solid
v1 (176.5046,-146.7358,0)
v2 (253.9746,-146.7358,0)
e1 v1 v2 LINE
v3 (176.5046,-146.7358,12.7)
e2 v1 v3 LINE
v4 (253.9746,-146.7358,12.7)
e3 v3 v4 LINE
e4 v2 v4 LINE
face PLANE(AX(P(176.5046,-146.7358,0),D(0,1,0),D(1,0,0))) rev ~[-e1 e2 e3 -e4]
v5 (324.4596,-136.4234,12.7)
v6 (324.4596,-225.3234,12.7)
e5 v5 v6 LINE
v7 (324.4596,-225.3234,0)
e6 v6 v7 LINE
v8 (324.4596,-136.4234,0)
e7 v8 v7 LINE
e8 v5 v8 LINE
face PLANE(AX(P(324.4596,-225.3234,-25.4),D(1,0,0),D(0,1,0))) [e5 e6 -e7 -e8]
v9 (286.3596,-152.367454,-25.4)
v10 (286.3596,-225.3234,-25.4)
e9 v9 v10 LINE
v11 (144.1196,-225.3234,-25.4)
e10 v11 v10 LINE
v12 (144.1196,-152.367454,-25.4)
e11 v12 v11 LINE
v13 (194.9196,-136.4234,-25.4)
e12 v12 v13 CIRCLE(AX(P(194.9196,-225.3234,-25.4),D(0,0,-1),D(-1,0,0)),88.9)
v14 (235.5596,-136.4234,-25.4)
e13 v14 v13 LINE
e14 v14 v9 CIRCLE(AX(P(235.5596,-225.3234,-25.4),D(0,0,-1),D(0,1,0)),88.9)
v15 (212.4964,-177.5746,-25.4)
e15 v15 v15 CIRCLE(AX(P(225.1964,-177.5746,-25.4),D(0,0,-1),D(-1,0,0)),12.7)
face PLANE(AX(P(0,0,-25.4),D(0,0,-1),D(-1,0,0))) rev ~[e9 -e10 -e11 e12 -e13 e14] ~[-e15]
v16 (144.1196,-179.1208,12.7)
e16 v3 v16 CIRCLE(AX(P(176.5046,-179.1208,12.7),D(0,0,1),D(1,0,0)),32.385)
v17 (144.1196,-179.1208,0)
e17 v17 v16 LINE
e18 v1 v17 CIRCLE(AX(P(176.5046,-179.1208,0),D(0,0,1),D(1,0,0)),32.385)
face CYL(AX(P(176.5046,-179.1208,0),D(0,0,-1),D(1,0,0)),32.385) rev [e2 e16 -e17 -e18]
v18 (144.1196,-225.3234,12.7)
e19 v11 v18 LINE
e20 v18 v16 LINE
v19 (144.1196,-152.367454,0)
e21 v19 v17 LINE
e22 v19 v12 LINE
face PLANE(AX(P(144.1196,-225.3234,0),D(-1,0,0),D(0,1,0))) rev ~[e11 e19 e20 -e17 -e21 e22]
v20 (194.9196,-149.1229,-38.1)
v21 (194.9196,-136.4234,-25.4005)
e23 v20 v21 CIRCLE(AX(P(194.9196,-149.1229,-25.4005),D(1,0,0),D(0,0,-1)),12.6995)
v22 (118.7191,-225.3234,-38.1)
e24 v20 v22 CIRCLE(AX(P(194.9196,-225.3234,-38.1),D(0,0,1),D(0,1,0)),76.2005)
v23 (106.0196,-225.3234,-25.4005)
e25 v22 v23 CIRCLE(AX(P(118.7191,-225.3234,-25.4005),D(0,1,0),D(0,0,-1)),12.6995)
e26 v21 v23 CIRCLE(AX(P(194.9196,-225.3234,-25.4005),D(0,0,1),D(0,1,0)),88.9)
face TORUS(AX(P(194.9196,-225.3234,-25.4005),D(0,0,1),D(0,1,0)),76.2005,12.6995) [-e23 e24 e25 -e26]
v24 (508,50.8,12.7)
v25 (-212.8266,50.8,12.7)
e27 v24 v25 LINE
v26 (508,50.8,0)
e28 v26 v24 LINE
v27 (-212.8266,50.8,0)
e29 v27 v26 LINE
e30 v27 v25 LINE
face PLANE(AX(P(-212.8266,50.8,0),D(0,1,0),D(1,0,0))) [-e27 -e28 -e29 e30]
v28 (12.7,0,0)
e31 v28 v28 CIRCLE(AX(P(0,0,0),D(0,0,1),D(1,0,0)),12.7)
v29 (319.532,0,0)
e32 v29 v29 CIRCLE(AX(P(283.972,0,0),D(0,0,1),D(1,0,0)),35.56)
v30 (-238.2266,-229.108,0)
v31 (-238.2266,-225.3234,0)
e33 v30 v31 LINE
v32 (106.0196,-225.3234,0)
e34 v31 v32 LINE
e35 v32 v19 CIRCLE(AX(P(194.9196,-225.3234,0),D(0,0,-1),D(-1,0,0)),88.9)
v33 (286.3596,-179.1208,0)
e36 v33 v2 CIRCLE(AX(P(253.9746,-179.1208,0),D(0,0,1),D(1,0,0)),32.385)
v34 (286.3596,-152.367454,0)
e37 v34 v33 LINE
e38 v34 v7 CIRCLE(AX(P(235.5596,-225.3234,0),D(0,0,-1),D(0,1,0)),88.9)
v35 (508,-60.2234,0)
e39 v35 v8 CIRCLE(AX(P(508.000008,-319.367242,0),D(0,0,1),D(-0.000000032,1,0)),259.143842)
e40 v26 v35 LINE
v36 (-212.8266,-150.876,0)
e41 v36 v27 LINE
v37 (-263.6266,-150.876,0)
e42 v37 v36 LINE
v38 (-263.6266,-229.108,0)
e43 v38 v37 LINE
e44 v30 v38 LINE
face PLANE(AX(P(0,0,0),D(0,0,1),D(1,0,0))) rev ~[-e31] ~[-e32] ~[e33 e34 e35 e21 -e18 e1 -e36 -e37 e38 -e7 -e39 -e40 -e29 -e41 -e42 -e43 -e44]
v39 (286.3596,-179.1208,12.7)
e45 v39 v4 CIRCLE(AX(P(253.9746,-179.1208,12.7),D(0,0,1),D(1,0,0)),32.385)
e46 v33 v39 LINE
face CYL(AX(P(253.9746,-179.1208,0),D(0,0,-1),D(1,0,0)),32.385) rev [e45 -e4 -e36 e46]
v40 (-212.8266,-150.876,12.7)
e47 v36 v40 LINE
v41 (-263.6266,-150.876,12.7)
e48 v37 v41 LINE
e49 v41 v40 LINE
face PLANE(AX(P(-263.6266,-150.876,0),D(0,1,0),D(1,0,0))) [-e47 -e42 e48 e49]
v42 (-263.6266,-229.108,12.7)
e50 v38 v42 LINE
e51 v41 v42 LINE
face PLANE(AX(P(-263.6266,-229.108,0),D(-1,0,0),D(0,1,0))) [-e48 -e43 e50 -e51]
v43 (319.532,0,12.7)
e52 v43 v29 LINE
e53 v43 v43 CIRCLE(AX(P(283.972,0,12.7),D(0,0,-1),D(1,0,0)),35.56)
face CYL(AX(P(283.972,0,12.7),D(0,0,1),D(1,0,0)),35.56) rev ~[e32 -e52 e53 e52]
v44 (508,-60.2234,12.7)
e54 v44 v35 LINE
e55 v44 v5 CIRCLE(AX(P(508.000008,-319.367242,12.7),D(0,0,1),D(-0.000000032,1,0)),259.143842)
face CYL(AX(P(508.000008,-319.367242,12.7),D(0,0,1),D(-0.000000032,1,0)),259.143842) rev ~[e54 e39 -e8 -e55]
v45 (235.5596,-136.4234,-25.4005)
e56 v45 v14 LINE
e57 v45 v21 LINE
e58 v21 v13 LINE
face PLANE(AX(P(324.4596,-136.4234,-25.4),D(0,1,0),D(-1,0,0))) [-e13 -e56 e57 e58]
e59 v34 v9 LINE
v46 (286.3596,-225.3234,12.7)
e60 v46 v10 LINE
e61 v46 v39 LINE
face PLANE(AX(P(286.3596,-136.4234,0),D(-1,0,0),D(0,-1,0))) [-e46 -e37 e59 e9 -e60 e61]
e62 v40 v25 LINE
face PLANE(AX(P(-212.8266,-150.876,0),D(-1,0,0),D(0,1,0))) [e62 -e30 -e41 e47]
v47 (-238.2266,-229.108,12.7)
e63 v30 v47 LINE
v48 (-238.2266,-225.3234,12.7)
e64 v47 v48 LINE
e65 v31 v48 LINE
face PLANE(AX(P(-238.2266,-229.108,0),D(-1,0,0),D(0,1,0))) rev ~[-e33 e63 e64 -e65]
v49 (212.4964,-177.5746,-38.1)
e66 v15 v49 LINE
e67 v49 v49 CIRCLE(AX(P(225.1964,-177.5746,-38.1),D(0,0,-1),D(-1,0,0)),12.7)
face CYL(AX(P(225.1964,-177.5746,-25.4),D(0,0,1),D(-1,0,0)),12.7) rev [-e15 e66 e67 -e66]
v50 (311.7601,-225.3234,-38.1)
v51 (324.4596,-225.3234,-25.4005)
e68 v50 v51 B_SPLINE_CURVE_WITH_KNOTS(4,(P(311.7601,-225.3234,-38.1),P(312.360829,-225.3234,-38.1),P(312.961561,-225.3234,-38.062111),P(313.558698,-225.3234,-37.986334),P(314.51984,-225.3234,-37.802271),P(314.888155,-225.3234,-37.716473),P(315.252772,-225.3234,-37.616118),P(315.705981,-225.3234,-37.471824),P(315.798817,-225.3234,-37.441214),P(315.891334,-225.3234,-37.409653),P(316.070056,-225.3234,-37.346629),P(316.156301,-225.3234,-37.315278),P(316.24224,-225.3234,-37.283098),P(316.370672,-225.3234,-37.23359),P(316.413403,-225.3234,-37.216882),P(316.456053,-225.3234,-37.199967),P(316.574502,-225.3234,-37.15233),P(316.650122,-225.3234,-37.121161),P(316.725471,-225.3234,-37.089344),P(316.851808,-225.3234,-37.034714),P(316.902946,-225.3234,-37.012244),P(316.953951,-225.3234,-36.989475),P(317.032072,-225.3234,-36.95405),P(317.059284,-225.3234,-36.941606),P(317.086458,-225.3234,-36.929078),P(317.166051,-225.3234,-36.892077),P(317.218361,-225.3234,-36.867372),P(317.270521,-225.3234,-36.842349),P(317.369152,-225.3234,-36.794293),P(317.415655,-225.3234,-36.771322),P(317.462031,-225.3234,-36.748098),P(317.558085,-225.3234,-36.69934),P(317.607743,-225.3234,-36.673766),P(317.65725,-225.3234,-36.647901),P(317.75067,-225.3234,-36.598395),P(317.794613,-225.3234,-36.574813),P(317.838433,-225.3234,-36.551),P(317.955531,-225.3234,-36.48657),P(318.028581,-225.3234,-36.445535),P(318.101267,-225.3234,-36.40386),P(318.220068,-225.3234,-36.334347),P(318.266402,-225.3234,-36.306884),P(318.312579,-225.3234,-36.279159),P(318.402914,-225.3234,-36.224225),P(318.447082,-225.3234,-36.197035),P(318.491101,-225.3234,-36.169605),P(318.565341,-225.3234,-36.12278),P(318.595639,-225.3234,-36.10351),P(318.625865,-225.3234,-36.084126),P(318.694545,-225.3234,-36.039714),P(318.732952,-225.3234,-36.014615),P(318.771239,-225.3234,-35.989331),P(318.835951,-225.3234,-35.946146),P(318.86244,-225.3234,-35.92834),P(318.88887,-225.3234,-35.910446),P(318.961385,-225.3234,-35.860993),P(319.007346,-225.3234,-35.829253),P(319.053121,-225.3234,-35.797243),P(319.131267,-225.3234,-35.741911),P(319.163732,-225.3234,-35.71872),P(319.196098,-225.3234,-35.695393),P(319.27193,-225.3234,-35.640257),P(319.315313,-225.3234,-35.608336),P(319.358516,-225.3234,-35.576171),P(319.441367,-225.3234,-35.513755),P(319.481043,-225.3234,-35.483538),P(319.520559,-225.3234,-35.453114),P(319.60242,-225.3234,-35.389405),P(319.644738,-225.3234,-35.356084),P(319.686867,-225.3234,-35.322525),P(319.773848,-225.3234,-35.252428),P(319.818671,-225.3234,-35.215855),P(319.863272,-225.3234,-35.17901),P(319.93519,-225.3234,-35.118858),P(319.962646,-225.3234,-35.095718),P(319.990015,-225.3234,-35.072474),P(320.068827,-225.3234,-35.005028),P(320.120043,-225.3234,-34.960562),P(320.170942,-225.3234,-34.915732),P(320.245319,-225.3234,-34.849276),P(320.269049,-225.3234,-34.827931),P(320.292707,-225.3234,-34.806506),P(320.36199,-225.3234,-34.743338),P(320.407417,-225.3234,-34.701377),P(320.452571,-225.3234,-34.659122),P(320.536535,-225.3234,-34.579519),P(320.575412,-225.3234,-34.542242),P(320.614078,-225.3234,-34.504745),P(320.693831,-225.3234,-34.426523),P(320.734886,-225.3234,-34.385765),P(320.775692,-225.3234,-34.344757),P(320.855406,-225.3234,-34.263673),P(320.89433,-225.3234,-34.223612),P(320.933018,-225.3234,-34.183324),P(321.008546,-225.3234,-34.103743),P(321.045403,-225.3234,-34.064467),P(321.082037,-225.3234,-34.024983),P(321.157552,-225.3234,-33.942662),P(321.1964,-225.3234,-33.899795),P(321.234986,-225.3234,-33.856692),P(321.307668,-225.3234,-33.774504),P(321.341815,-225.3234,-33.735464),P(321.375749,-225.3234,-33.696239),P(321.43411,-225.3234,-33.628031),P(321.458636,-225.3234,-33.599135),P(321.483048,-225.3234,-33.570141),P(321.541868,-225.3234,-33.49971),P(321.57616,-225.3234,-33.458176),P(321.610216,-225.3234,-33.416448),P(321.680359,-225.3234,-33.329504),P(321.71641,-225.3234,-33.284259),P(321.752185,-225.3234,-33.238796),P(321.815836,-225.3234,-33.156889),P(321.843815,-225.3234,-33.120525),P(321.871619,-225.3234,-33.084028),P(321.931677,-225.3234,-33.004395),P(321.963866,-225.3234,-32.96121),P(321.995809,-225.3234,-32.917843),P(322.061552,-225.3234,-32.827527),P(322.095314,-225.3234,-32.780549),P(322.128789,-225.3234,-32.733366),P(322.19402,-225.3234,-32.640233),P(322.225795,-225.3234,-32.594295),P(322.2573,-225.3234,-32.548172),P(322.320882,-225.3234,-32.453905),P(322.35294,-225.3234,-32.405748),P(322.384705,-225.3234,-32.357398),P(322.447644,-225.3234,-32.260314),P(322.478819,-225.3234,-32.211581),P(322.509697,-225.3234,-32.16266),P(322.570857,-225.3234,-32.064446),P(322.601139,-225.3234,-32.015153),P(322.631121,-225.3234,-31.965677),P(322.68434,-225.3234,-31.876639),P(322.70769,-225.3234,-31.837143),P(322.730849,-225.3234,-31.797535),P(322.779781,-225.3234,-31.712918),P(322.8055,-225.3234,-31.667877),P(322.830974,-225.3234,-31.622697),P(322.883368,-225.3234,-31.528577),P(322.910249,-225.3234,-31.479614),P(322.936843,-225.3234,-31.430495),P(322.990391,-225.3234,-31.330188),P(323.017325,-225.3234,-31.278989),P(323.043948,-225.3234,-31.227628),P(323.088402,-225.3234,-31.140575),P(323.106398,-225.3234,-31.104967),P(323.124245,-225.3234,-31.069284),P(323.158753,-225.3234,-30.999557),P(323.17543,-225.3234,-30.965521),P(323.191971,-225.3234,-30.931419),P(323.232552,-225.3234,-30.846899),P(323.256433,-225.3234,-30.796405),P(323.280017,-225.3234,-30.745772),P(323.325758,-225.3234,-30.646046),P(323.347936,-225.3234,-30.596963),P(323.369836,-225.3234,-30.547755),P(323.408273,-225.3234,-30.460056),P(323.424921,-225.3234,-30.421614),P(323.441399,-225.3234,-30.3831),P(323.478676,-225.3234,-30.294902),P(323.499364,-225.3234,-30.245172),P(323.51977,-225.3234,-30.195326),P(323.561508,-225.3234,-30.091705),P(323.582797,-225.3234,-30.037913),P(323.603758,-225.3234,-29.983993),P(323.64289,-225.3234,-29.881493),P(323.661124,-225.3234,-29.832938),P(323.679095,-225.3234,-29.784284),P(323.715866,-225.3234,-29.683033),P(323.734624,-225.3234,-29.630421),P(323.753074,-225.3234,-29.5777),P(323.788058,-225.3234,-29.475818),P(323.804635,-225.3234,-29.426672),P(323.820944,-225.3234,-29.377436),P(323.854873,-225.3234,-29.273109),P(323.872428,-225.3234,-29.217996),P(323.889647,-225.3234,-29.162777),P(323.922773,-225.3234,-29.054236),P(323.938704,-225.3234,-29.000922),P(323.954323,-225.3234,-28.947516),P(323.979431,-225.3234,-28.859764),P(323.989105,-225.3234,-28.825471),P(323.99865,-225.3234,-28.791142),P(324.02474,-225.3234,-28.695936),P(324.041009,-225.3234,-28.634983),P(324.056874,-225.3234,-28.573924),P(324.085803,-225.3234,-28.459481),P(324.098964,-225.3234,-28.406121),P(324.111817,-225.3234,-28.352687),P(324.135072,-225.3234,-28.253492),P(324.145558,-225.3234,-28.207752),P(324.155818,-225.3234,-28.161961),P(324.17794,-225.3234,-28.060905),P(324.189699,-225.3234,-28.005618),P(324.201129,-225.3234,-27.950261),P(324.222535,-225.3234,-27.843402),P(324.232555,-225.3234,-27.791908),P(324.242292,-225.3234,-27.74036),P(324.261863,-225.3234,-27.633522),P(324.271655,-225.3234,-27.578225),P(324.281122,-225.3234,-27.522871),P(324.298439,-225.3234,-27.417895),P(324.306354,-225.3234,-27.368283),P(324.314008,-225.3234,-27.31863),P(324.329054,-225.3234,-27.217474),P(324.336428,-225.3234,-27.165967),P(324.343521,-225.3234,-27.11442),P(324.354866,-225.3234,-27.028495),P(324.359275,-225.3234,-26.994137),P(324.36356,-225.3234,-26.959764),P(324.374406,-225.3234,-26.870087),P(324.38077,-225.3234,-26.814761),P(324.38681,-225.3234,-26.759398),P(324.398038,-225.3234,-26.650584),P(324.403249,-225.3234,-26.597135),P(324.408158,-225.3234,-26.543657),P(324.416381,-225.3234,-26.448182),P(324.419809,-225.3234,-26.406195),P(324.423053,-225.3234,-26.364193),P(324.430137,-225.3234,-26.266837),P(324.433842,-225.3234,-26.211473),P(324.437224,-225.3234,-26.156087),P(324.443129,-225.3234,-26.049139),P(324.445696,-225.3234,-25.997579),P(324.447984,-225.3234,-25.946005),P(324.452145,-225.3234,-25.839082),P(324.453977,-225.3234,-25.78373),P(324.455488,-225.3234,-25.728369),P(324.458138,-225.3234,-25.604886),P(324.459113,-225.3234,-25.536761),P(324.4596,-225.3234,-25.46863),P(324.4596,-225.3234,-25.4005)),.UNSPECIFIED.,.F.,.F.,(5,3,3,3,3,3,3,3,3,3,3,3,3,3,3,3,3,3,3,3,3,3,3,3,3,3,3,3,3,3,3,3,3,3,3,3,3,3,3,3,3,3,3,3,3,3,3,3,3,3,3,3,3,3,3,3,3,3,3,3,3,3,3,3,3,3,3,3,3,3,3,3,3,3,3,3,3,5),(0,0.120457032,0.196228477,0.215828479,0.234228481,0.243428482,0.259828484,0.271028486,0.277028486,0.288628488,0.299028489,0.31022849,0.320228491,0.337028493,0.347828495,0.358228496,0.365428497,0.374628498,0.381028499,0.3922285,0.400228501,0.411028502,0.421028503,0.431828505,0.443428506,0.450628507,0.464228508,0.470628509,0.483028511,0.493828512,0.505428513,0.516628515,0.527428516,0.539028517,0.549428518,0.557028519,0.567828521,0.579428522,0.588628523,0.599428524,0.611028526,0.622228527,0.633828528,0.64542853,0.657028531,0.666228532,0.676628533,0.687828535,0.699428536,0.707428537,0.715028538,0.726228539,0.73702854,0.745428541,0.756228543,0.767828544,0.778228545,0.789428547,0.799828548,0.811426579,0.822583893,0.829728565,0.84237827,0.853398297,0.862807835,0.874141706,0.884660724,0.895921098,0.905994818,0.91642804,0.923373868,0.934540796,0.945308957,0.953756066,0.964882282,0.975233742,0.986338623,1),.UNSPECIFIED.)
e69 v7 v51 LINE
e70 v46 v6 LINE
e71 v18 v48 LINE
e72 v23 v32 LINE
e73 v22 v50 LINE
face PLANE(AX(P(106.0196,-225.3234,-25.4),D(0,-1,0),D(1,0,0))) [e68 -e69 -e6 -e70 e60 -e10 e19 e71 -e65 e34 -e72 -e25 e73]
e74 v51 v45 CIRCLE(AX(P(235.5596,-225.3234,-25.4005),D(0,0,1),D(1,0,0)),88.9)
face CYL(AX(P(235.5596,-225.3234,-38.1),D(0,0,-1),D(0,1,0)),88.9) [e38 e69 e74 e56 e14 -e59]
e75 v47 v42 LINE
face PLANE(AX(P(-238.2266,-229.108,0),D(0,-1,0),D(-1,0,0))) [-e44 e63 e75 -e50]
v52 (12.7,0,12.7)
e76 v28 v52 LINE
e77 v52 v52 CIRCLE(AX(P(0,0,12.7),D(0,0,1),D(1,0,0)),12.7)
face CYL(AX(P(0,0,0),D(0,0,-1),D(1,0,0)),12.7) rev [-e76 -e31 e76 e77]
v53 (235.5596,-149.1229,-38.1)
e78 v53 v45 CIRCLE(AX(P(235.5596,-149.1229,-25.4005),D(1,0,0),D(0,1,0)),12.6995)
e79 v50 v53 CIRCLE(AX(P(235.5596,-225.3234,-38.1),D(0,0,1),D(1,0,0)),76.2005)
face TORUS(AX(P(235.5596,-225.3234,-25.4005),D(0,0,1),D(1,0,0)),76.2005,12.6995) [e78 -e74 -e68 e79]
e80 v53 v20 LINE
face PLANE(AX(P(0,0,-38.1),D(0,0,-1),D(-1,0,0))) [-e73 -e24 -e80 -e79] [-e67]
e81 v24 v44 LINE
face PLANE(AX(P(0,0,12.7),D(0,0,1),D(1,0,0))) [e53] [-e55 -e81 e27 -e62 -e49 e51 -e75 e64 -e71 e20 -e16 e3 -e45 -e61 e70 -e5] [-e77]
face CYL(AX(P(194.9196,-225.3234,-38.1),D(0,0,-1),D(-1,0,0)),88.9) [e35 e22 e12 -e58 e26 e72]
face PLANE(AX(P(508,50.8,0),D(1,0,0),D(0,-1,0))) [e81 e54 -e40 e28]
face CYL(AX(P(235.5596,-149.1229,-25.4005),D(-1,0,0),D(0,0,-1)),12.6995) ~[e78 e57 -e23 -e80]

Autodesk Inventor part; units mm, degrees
ref_plane "YZ Plane" through (0, 0, 0) normal (1, 0, 0) x (0, 1, 0)
ref_plane "XZ Plane" through (0, 0, 0) normal (0, 1, 0) x (-1, 0, 0)
ref_plane "XY Plane" through (0, 0, 0) normal (0, 0, 1) x (1, 0, 0)
sketch "Sketch1" plane through (0, 0, 0) normal (0, 0, 1) x (1, 0, 0)
  circle A0 centre (0, 0) radius 12.7
  arc A1 (50.8, 0) -> (-50.8, 0) centre (0, 0) ccw
  line L0 (-50.8, 0) -> (-50.8, -225.3234)
  line L1 (-50.8, -225.3234) -> (50.8, -225.3234)
  line L2 (50.8, -225.3234) -> (50.8, 0)
  circle A2 centre (176.5046, -179.1208) radius 32.385
  circle A3 centre (253.9746, -179.1208) radius 32.385
  line L3 (144.1196, -225.3234) -> (144.1196, -179.1208)
  line L4 (286.3596, -225.3234) -> (286.3596, -179.1208)
  line L5 (176.5046, -146.7358) -> (253.9746, -146.7358)
  line L6 (50.8, -225.3234) -> (144.1196, -225.3234)
  line L7 (286.3596, -225.3234) -> (508, -225.3234)
  line L8 (-50.8, -225.3234) -> (-238.2266, -225.3234)
  line L9 (-263.6266, -225.3234) -> (-263.6266, -150.876)
  line L10 (-263.6266, -150.876) -> (-212.8266, -150.876)
  line L11 (-212.8266, -150.876) -> (-212.8266, 50.8)
  line L12 (-212.8266, 50.8) -> (508, 50.8)
  line L13 (508, 50.8) -> (508, -225.3234)
  line L14 (-238.2266, -229.108) -> (-238.2266, -225.3234)
  line L15 (-238.2266, -229.108) -> (-263.6266, -229.108)
  line L16 (-263.6266, -229.108) -> (-263.6266, -225.3234)
  dimension "d0" = 176.5046
  dimension "d1" = 179.1208
  dimension "d2" = 64.77
  dimension "d3" = 64.77
  dimension "d4" = 77.47
  dimension "d5" = 212.8266
  dimension "d6" = 50.8
  dimension "d7" = 150.876
  dimension "d8" = 508
  dimension "d9" = 229.108
extrude "Extrusion1" add sketch "Sketch1" along normal blind 12.7 contours L2 L1 L0 A1 | A1 L12 L13 L7 L4 A3 L5 A2 L3 L6 L2 | A1 L0 L8 L14 L15 L16 L9 L10 L11 L12
sketch "Sketch2" plane through (0, 0, 0) normal (0, 0, -1) x (-1, 0, 0)
  line L0 (-286.3596, -225.3234) -> (-324.4596, -225.3234)
  line L1 (-324.4596, -225.3234) -> (-324.4596, -136.4234)
  line L2 (-324.4596, -136.4234) -> (-286.3596, -136.4234)
  line L3 (-286.3596, -136.4234) -> (-286.3596, -225.3234)
  line L4 (-144.1196, -225.3234) -> (-106.0196, -225.3234)
  line L5 (-106.0196, -225.3234) -> (-106.0196, -136.4234)
  line L6 (-106.0196, -136.4234) -> (-144.1196, -136.4234)
  line L7 (-144.1196, -136.4234) -> (-144.1196, -225.3234)
  dimension "d12" = 38.1
  dimension "d13" = 88.9
  dimension "d14" = 38.1
  dimension "d15" = 88.9
extrude "Extrusion2" add sketch "Sketch2" along normal blind 25.4
sketch "Sketch3" plane through (0, 0, -25.4) normal (0, 0, -1) x (-1, 0, 0)
  line L0 (-324.4596, -136.4234) -> (-106.0196, -136.4234)
  line L1 (-106.0196, -136.4234) -> (-106.0196, -225.3234)
  line L2 (-106.0196, -225.3234) -> (-324.4596, -225.3234)
  line L3 (-324.4596, -225.3234) -> (-324.4596, -136.4234)
  line L4 (-106.0196, -136.4234) -> (-106.0196, -225.3234) projected
  circle A0 centre (-225.1964, -177.5746) radius 12.7
  circle A1 centre (0, 0) radius 12.7 projected
  dimension "d18" = 88.9
  dimension "d19" = 0
  dimension "d20" = 25.4
  dimension "d21" = 225.1964
extrude "Extrusion3" add sketch "Sketch3" along normal blind 12.7 contours L0 L1 L2 L3
sketch "Sketch4" plane through (0, 0, 12.7) normal (0, 0, 1) x (1, 0, 0)
  line L0 (286.3596, -225.3234) -> (508, -225.3234) projected
  line L1 (324.4596, -136.4234) -> (508, -60.2234)
  line L2 (508, -60.2234) -> (366.7969, -60.2234)
  arc A0 (508, -60.2234) -> (324.4596, -136.4234) centre (508, -319.3672) ccw
  line L3 (324.4596, -136.4234) -> (324.4596, -225.3234)
  line L4 (508, -60.2234) -> (324.4596, -60.2234)
  line L5 (324.4596, -60.2234) -> (324.4596, -225.3234)
  line L6 (324.4596, -225.3234) -> (508, -225.3234)
  line L7 (508, -225.3234) -> (508, -60.2234)
extrude "Extrusion4" cut sketch "Sketch4" against normal blind 25.4 contours L3 L1 L7 L0 | A0 L1
sketch "Sketch5" plane through (0, 0, -38.1) normal (0, 0, -1) x (-1, 0, 0)
  line L0 (-324.4596, -136.4234) -> (-324.4596, -225.3234) projected
  line L1 (-106.0196, -225.3234) -> (-106.0196, -136.4234) projected
  line L2 (-106.0196, -136.4234) -> (-324.4596, -136.4234) projected
  arc A0 (-235.5596, -136.4234) -> (-324.4596, -225.3234) centre (-235.5596, -225.3234) ccw
  line L3 (-324.4596, -225.3234) -> (-235.5596, -136.4234) construction
  line L4 (-324.4596, -225.3234) -> (-198.736, -225.3234) construction
  arc A1 (-106.0196, -225.3234) -> (-194.9196, -136.4234) centre (-194.9196, -225.3234) ccw
  line L5 (-106.0196, -225.3234) -> (-194.9196, -136.4234) construction
  line L6 (-106.0196, -225.3234) -> (19.704, -225.3234) construction
  point P0 (0, 0)
  dimension "d26" = 45
  dimension "d27" = 135
extrude "Extrusion5" cut sketch "Sketch5" against normal blind 38.1
fillet "Fillet1" radius 12.7 3 edges at (215.2396, -136.4234, -38.1) (132.0578, -162.4616, -38.1) (298.4214, -162.4616, -38.1)
sketch "Sketch6" plane through (0, 0, 12.7) normal (0, 0, 1) x (1, 0, 0)
  arc A0 (508, -60.2234) -> (324.4596, -136.4234) centre (508, -319.3672) ccw projected
  line L0 (508, -60.2234) -> (508, 50.8) projected
  line L1 (508, 50.8) -> (-212.8266, 50.8) projected
  line L2 (-212.8266, 50.8) -> (-212.8266, -150.876) projected
  line L3 (-212.8266, -150.876) -> (-263.6266, -150.876) projected
  line L4 (-263.6266, -150.876) -> (-263.6266, -229.108) projected
  line L5 (-263.6266, -229.108) -> (-238.2266, -229.108) projected
  line L6 (-238.2266, -229.108) -> (-238.2266, -225.3234) projected
  line L7 (-238.2266, -225.3234) -> (144.1196, -225.3234) projected
  line L8 (144.1196, -225.3234) -> (144.1196, -179.1208) projected
  arc A1 (176.5046, -146.7358) -> (144.1196, -179.1208) centre (176.5046, -179.1208) ccw projected
  line L9 (176.5046, -146.7358) -> (253.9746, -146.7358) projected
  arc A2 (286.3596, -179.1208) -> (253.9746, -146.7358) centre (253.9746, -179.1208) ccw projected
  line L10 (286.3596, -179.1208) -> (286.3596, -225.3234) projected
  line L11 (286.3596, -225.3234) -> (324.4596, -225.3234) projected
  line L12 (324.4596, -225.3234) -> (324.4596, -136.4234) projected
  circle A3 centre (0, 0) radius 12.7 projected
sketch "Sketch7" plane through (0, 0, 12.7) normal (0, 0, 1) x (1, 0, 0)
  line L0 (324.4596, -225.3234) -> (324.4596, -136.4234) projected
  circle A0 centre (0, 0) radius 12.7 projected
  line L1 (12.7, 0) -> (283.972, 0)
  circle A1 centre (283.972, 0) radius 35.56
  dimension "d31" = 271.272
  dimension "d32" = 71.12
extrude "Extrusion6" cut sketch "Sketch7" against normal blind 25.4 contours A1
properties part number "Shooter_TopMotorSupportRight"
